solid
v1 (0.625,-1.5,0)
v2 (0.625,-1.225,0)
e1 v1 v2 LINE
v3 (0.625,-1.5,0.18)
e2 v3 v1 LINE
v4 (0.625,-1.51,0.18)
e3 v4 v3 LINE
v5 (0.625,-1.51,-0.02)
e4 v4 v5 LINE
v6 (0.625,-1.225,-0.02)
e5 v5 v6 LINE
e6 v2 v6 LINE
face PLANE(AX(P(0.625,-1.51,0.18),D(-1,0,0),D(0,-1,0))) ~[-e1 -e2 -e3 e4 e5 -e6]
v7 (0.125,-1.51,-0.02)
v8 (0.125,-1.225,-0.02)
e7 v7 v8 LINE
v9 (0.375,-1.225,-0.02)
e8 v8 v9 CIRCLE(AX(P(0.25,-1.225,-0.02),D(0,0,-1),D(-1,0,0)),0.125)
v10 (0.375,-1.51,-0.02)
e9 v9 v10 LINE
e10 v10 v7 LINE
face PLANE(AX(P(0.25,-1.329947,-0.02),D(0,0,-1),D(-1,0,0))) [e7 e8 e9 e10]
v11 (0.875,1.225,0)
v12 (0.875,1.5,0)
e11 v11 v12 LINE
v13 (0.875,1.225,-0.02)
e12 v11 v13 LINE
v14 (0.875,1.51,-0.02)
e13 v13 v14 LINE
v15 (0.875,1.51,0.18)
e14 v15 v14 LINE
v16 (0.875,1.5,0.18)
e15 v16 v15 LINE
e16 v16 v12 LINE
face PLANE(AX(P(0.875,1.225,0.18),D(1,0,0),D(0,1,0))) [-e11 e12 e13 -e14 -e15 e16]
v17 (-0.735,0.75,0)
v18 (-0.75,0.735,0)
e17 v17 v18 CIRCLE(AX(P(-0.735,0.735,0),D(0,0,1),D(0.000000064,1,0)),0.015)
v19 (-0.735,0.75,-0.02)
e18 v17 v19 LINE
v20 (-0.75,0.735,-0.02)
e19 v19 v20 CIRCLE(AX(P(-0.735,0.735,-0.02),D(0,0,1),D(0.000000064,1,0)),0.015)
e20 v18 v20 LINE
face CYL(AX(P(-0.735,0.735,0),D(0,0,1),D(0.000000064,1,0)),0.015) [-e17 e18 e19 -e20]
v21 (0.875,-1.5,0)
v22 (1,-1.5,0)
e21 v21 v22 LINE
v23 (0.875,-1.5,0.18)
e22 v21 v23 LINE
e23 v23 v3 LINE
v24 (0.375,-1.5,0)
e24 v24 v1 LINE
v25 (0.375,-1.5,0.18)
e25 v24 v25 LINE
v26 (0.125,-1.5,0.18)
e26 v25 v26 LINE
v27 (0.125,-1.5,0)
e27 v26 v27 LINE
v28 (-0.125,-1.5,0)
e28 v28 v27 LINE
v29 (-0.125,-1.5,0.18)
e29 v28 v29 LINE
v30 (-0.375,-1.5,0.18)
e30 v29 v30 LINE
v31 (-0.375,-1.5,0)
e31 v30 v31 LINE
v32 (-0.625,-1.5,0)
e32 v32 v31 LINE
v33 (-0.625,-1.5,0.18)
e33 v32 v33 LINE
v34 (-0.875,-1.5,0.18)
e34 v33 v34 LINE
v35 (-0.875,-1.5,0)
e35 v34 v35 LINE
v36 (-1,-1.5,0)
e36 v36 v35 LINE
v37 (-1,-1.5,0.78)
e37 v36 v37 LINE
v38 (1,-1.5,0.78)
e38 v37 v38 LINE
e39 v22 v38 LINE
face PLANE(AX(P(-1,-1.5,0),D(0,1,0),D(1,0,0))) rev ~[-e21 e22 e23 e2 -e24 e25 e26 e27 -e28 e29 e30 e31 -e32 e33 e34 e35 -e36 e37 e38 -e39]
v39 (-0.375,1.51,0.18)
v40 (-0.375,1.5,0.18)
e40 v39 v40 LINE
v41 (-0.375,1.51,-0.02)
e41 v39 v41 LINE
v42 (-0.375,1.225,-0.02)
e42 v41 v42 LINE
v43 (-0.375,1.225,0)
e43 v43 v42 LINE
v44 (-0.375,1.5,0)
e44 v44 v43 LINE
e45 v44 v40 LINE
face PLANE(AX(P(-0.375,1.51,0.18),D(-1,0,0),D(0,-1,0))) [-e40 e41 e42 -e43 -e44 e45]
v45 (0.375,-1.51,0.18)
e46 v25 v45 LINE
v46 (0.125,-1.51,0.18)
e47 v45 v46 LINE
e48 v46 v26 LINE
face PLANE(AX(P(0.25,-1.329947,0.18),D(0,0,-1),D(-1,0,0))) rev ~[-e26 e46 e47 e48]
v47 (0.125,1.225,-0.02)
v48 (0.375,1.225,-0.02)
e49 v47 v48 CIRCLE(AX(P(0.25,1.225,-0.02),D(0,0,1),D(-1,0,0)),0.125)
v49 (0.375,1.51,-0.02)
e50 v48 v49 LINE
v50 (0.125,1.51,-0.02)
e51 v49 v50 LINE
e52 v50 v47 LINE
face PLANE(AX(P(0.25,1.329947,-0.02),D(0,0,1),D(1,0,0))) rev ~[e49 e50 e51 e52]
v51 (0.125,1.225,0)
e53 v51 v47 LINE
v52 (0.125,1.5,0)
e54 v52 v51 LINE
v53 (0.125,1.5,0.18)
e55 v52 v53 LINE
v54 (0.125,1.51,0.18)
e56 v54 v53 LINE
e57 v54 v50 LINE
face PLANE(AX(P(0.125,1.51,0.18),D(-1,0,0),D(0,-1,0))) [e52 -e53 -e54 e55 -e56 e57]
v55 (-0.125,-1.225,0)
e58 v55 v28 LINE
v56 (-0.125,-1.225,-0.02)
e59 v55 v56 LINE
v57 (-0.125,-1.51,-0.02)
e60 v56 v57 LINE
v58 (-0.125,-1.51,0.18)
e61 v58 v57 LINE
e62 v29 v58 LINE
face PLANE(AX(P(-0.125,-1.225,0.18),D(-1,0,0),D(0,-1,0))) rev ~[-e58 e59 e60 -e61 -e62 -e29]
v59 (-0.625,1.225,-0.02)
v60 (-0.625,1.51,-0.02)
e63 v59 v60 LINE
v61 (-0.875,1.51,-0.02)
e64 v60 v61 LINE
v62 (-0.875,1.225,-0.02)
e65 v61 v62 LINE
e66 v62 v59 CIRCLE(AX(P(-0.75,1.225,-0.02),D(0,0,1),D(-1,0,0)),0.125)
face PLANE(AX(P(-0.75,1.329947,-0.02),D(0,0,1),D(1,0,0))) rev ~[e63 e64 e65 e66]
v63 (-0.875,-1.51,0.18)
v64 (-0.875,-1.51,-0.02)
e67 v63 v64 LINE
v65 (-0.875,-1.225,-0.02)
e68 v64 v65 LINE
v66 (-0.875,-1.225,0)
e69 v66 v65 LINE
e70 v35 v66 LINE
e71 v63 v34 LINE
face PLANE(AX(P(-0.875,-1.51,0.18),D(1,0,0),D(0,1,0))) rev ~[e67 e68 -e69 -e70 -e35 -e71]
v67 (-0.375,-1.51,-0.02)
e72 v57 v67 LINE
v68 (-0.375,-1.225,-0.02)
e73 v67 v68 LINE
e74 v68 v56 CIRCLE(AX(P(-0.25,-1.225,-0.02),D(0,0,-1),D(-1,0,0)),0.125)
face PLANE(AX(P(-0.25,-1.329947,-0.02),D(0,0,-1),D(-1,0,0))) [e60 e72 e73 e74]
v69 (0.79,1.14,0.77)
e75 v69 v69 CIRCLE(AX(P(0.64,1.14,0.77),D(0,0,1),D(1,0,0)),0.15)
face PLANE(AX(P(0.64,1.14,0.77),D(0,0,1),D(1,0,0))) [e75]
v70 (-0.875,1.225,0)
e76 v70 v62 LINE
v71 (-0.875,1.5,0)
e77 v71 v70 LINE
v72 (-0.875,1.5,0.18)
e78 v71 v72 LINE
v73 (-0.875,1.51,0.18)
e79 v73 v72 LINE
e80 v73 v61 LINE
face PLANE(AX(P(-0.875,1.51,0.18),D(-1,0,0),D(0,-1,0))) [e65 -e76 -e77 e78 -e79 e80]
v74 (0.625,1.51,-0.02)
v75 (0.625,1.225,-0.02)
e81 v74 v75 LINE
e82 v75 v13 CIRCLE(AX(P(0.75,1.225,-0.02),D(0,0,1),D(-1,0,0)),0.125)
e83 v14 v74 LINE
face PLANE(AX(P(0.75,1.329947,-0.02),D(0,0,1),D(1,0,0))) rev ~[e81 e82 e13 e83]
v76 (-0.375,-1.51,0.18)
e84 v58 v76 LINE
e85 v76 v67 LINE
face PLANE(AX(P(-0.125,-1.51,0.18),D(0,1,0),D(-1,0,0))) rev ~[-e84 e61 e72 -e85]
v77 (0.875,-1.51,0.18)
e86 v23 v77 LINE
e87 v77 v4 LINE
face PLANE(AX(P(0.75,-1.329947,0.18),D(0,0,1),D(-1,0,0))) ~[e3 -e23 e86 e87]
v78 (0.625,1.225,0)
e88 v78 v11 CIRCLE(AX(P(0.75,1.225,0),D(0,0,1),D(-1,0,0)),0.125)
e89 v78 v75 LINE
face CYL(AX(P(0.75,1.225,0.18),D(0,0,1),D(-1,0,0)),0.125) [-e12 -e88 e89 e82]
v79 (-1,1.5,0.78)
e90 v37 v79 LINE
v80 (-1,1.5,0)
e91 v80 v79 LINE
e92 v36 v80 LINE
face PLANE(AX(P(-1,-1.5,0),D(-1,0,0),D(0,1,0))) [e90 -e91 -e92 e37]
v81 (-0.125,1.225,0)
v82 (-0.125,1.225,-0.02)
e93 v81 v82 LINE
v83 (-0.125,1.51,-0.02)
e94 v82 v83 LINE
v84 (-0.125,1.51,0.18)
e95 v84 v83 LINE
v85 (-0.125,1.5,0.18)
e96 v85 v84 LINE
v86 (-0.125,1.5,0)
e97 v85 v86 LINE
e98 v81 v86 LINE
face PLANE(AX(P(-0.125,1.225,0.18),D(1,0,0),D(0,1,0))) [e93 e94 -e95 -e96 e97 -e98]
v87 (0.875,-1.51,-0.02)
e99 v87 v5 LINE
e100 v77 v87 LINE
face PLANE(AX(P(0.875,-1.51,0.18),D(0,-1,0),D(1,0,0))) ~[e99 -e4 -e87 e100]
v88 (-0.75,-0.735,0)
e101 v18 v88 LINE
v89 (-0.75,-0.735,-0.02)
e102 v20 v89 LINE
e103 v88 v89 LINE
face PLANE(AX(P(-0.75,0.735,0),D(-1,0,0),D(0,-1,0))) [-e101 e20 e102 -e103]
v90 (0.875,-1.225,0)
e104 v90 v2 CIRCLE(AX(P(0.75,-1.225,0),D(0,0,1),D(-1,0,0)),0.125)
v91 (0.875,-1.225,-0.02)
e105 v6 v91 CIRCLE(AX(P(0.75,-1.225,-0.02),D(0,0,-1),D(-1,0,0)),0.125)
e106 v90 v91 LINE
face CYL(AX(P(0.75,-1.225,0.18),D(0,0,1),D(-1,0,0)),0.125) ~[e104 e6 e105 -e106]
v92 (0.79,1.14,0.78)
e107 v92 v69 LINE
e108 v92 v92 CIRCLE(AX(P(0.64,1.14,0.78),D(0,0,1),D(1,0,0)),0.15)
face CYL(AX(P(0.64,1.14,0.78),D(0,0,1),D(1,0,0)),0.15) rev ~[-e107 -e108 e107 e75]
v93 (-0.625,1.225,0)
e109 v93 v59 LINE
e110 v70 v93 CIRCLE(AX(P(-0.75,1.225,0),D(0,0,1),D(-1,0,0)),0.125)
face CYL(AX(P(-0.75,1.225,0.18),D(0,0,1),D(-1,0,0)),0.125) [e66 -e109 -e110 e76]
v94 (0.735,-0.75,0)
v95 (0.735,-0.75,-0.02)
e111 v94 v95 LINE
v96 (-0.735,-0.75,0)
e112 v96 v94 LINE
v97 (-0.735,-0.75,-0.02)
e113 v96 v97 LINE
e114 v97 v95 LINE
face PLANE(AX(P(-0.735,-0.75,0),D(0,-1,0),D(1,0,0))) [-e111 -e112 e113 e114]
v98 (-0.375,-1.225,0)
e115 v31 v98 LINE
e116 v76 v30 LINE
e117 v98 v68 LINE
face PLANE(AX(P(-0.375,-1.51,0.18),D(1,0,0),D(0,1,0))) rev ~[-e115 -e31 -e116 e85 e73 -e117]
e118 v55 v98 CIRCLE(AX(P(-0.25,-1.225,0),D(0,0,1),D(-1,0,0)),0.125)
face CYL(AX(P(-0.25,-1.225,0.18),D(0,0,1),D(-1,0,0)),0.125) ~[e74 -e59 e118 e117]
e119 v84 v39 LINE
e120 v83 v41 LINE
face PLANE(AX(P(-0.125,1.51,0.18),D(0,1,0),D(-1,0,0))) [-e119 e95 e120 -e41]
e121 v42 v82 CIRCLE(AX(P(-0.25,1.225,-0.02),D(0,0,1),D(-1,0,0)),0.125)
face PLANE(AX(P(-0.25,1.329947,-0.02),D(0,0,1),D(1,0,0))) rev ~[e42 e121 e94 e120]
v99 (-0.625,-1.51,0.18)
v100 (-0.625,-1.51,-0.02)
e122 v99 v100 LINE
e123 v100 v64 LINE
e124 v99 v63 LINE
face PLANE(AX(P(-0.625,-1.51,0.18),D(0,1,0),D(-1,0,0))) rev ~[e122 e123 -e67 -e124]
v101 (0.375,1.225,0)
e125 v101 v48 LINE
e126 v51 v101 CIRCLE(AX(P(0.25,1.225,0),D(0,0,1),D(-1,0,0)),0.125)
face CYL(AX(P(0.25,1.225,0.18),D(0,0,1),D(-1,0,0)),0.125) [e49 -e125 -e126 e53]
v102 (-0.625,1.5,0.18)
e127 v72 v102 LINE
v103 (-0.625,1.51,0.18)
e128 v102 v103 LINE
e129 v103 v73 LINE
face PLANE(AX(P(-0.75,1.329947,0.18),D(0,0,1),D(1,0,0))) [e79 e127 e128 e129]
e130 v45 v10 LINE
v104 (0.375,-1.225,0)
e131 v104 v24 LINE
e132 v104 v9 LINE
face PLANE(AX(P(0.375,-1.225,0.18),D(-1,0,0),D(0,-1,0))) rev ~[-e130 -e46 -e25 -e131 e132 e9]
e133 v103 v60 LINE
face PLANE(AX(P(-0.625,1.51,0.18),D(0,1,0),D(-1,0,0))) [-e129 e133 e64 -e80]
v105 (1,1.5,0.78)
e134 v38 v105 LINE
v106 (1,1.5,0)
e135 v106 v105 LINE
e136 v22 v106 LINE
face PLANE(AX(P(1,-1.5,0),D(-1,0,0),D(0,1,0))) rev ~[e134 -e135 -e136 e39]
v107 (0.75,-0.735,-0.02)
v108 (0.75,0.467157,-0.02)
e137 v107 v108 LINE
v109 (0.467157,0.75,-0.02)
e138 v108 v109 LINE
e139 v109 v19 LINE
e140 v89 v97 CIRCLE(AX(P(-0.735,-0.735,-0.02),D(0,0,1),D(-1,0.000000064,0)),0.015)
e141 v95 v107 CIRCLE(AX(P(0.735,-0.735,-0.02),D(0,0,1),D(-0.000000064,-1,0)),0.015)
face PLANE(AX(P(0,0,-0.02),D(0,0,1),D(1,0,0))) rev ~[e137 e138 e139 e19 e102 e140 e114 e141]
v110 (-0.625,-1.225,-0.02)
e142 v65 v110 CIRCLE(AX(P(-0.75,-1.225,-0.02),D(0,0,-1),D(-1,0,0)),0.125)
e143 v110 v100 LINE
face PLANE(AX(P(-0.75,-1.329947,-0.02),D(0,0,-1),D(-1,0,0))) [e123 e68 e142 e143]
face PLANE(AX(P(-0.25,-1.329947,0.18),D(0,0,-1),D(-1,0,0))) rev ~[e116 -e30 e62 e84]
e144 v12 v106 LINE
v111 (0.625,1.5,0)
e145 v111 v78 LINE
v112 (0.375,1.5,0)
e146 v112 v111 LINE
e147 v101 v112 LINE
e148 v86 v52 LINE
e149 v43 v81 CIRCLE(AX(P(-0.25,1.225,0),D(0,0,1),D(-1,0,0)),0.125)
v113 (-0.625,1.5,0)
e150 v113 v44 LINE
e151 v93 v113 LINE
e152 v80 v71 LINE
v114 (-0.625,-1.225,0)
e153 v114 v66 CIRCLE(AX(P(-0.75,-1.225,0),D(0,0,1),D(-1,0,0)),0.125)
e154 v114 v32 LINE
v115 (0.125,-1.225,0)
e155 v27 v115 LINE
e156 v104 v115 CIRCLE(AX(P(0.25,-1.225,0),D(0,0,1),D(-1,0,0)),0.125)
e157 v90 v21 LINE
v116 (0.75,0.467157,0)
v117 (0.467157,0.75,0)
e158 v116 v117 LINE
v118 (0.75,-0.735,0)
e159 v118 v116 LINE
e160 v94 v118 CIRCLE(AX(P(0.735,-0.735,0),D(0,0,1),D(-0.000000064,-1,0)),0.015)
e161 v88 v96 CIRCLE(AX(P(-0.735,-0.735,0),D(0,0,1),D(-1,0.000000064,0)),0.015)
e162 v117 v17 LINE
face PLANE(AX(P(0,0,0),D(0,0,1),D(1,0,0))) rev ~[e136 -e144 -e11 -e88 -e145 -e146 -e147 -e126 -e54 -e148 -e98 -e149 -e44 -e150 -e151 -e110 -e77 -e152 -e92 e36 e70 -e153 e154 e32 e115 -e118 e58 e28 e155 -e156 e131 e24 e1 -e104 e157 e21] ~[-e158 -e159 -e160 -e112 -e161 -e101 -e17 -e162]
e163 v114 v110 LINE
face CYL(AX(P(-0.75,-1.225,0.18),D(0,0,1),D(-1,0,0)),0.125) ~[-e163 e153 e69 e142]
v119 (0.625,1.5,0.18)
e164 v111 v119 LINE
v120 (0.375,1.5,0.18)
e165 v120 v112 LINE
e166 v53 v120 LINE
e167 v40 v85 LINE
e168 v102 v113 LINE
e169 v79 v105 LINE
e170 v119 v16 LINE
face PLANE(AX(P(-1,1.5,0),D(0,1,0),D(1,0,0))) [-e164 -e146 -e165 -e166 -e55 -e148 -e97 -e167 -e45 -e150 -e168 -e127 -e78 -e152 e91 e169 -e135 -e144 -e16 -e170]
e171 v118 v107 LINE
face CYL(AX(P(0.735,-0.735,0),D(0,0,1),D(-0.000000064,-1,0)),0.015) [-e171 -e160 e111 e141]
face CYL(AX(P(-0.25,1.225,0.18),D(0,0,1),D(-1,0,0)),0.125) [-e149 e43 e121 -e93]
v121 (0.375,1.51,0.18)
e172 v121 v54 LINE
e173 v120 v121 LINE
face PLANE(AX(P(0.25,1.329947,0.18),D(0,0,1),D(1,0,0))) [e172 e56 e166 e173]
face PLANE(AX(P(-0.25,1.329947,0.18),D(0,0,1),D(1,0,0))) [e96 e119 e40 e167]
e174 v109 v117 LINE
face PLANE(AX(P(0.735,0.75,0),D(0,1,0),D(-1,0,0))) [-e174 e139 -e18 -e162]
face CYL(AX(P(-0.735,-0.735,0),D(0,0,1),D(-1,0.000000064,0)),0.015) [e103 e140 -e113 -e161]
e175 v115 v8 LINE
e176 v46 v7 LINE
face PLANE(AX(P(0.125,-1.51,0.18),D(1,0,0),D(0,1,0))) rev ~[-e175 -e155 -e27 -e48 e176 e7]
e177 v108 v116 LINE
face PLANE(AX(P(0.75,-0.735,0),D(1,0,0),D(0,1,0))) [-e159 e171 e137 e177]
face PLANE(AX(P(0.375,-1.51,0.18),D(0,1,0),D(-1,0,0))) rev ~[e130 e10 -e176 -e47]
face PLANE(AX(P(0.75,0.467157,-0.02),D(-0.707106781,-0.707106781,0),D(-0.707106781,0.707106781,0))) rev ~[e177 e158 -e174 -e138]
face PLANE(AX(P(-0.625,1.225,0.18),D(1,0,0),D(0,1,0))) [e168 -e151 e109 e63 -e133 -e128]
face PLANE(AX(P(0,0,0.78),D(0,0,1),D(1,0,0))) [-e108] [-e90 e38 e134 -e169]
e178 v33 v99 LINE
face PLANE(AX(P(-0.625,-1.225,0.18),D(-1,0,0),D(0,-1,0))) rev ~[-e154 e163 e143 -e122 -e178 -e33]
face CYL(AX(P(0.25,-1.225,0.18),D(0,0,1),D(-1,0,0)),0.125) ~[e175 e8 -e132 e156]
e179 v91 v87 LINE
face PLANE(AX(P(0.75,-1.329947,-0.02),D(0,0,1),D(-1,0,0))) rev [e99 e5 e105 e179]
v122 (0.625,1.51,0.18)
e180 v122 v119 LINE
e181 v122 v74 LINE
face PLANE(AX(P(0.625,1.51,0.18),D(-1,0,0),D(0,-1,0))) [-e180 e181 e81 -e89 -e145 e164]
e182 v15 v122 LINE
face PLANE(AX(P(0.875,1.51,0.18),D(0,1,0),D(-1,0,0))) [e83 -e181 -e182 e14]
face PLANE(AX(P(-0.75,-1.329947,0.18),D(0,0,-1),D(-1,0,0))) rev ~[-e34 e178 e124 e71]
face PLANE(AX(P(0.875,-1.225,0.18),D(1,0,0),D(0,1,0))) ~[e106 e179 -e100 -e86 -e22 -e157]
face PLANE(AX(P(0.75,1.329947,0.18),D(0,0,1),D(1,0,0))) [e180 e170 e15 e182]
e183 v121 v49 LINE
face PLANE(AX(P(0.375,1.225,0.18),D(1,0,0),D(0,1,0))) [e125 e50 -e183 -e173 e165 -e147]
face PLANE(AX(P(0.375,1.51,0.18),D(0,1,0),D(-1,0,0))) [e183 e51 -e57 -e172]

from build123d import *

# Parameters (mm, degrees)
SKETCH1_W            = 2
SKETCH1_H            = 3
BOSS_EXTRUDE1_DEPTH  = 0.78
SKETCH2_R            = 0.15
CUT_EXTRUDE1_DEPTH   = 0.01
BOSS_EXTRUDE2_DEPTH  = 0.02
BOSS_EXTRUDE4_START  = -0.18
BOSS_EXTRUDE4_DEPTH  = 0.2
LPATTERN2_COUNT      = 4
LPATTERN2_PITCH      = 0.5
MIRROR2_START        = -0.18
MIRROR2_COPY_1_DEPTH = 0.2
MIRROR2_COPY_2_DEPTH = 0.2
MIRROR2_COPY_3_DEPTH = 0.2
CUT_EXTRUDE2_DEPTH   = 0.02


with BuildPart() as part:
    # Sketch1 → Boss-Extrude1 (new body)
    with BuildSketch(Plane.XY):
        Rectangle(SKETCH1_W, SKETCH1_H)
    extrude(amount=BOSS_EXTRUDE1_DEPTH)

    # Sketch2 → Cut-Extrude1 (cut)
    with BuildSketch(Plane.XY.offset(0.78)):
        with Locations((0.64, 1.14)):
            Circle(SKETCH2_R)
    extrude(amount=-CUT_EXTRUDE1_DEPTH, mode=Mode.SUBTRACT)

    # Sketch3 → Boss-Extrude2 (add)
    with BuildSketch(Plane(origin=(0, 0, 0), x_dir=(-1, 0, 0), z_dir=(0, 0, -1))):
        with BuildLine():
            Line((0.735, -0.75), (-0.735, -0.75))
            ThreePointArc((-0.735, -0.75), (-0.745606602, -0.745606602), (-0.75, -0.735))
            Line((-0.75, -0.735), (-0.75, 0.735))
            ThreePointArc((-0.75, 0.735), (-0.745606602, 0.745606602), (-0.735, 0.75))
            Line((-0.735, 0.75), (0.735, 0.75))
            ThreePointArc((0.735, 0.75), (0.745606602, 0.745606602), (0.75, 0.735))
            Line((0.75, 0.735), (0.75, -0.735))
            ThreePointArc((0.75, -0.735), (0.745606602, -0.745606602), (0.735, -0.75))
        make_face()
    extrude(amount=BOSS_EXTRUDE2_DEPTH)

    # Sketch6 → Boss-Extrude4 (add)
    with BuildSketch(Plane(origin=(0, 0, 0), x_dir=(-1, 0, 0), z_dir=(0, 0, -1)).offset(BOSS_EXTRUDE4_START)):
        with BuildLine():
            Line((-0.875, 1.51), (-0.625, 1.51))
            Line((-0.625, 1.51), (-0.625, 1.5))
            Line((-0.625, 1.5), (-0.625, 1.225))
            ThreePointArc((-0.625, 1.225), (-0.75, 1.1), (-0.875, 1.225))
            Line((-0.875, 1.225), (-0.875, 1.5))
            Line((-0.875, 1.5), (-0.875, 1.51))
        make_face()
    boss_extrude4 = extrude(amount=BOSS_EXTRUDE4_DEPTH)

    # LPattern2: Boss-Extrude4 ×4
    with Locations(*[(-i * LPATTERN2_PITCH, 0, 0) for i in range(1, LPATTERN2_COUNT)]):
        add(boss_extrude4)

    # Mirror2: Boss-Extrude4 across plane
    add(boss_extrude4.mirror(Plane.ZX))

    # Mirror2 copy 1 sketch → Mirror2 copy 1 (add)
    with BuildSketch(Plane(origin=(-0.5, 0, 0), x_dir=(-1, 0, 0), z_dir=(0, 0, -1)).offset(MIRROR2_START)):
        with BuildLine():
            Line((-0.875, -1.51), (-0.625, -1.51))
            Line((-0.625, -1.51), (-0.625, -1.5))
            Line((-0.625, -1.5), (-0.625, -1.225))
            ThreePointArc((-0.625, -1.225), (-0.75, -1.1), (-0.875, -1.225))
            Line((-0.875, -1.225), (-0.875, -1.5))
            Line((-0.875, -1.5), (-0.875, -1.51))
        make_face()
    extrude(amount=MIRROR2_COPY_1_DEPTH)

    # Mirror2 copy 2 sketch → Mirror2 copy 2 (add)
    with BuildSketch(Plane(origin=(-1, 0, 0), x_dir=(-1, 0, 0), z_dir=(0, 0, -1)).offset(MIRROR2_START)):
        with BuildLine():
            Line((-0.875, -1.51), (-0.625, -1.51))
            Line((-0.625, -1.51), (-0.625, -1.5))
            Line((-0.625, -1.5), (-0.625, -1.225))
            ThreePointArc((-0.625, -1.225), (-0.75, -1.1), (-0.875, -1.225))
            Line((-0.875, -1.225), (-0.875, -1.5))
            Line((-0.875, -1.5), (-0.875, -1.51))
        make_face()
    extrude(amount=MIRROR2_COPY_2_DEPTH)

    # Mirror2 copy 3 sketch → Mirror2 copy 3 (add)
    with BuildSketch(Plane(origin=(-1.5, 0, 0), x_dir=(-1, 0, 0), z_dir=(0, 0, -1)).offset(MIRROR2_START)):
        with BuildLine():
            Line((-0.875, -1.51), (-0.625, -1.51))
            Line((-0.625, -1.51), (-0.625, -1.5))
            Line((-0.625, -1.5), (-0.625, -1.225))
            ThreePointArc((-0.625, -1.225), (-0.75, -1.1), (-0.875, -1.225))
            Line((-0.875, -1.225), (-0.875, -1.5))
            Line((-0.875, -1.5), (-0.875, -1.51))
        make_face()
    extrude(amount=MIRROR2_COPY_3_DEPTH)

    # Sketch7 → Cut-Extrude2 (cut)
    with BuildSketch(Plane(origin=(0, 0, -0.02), x_dir=(-1, 0, 0), z_dir=(0, 0, -1))):
        Polygon((-0.75, 0.467157288), (-0.467157288, 0.75), (-0.75, 0.75), align=None)
    extrude(amount=-CUT_EXTRUDE2_DEPTH, mode=Mode.SUBTRACT)


solid = part.part
